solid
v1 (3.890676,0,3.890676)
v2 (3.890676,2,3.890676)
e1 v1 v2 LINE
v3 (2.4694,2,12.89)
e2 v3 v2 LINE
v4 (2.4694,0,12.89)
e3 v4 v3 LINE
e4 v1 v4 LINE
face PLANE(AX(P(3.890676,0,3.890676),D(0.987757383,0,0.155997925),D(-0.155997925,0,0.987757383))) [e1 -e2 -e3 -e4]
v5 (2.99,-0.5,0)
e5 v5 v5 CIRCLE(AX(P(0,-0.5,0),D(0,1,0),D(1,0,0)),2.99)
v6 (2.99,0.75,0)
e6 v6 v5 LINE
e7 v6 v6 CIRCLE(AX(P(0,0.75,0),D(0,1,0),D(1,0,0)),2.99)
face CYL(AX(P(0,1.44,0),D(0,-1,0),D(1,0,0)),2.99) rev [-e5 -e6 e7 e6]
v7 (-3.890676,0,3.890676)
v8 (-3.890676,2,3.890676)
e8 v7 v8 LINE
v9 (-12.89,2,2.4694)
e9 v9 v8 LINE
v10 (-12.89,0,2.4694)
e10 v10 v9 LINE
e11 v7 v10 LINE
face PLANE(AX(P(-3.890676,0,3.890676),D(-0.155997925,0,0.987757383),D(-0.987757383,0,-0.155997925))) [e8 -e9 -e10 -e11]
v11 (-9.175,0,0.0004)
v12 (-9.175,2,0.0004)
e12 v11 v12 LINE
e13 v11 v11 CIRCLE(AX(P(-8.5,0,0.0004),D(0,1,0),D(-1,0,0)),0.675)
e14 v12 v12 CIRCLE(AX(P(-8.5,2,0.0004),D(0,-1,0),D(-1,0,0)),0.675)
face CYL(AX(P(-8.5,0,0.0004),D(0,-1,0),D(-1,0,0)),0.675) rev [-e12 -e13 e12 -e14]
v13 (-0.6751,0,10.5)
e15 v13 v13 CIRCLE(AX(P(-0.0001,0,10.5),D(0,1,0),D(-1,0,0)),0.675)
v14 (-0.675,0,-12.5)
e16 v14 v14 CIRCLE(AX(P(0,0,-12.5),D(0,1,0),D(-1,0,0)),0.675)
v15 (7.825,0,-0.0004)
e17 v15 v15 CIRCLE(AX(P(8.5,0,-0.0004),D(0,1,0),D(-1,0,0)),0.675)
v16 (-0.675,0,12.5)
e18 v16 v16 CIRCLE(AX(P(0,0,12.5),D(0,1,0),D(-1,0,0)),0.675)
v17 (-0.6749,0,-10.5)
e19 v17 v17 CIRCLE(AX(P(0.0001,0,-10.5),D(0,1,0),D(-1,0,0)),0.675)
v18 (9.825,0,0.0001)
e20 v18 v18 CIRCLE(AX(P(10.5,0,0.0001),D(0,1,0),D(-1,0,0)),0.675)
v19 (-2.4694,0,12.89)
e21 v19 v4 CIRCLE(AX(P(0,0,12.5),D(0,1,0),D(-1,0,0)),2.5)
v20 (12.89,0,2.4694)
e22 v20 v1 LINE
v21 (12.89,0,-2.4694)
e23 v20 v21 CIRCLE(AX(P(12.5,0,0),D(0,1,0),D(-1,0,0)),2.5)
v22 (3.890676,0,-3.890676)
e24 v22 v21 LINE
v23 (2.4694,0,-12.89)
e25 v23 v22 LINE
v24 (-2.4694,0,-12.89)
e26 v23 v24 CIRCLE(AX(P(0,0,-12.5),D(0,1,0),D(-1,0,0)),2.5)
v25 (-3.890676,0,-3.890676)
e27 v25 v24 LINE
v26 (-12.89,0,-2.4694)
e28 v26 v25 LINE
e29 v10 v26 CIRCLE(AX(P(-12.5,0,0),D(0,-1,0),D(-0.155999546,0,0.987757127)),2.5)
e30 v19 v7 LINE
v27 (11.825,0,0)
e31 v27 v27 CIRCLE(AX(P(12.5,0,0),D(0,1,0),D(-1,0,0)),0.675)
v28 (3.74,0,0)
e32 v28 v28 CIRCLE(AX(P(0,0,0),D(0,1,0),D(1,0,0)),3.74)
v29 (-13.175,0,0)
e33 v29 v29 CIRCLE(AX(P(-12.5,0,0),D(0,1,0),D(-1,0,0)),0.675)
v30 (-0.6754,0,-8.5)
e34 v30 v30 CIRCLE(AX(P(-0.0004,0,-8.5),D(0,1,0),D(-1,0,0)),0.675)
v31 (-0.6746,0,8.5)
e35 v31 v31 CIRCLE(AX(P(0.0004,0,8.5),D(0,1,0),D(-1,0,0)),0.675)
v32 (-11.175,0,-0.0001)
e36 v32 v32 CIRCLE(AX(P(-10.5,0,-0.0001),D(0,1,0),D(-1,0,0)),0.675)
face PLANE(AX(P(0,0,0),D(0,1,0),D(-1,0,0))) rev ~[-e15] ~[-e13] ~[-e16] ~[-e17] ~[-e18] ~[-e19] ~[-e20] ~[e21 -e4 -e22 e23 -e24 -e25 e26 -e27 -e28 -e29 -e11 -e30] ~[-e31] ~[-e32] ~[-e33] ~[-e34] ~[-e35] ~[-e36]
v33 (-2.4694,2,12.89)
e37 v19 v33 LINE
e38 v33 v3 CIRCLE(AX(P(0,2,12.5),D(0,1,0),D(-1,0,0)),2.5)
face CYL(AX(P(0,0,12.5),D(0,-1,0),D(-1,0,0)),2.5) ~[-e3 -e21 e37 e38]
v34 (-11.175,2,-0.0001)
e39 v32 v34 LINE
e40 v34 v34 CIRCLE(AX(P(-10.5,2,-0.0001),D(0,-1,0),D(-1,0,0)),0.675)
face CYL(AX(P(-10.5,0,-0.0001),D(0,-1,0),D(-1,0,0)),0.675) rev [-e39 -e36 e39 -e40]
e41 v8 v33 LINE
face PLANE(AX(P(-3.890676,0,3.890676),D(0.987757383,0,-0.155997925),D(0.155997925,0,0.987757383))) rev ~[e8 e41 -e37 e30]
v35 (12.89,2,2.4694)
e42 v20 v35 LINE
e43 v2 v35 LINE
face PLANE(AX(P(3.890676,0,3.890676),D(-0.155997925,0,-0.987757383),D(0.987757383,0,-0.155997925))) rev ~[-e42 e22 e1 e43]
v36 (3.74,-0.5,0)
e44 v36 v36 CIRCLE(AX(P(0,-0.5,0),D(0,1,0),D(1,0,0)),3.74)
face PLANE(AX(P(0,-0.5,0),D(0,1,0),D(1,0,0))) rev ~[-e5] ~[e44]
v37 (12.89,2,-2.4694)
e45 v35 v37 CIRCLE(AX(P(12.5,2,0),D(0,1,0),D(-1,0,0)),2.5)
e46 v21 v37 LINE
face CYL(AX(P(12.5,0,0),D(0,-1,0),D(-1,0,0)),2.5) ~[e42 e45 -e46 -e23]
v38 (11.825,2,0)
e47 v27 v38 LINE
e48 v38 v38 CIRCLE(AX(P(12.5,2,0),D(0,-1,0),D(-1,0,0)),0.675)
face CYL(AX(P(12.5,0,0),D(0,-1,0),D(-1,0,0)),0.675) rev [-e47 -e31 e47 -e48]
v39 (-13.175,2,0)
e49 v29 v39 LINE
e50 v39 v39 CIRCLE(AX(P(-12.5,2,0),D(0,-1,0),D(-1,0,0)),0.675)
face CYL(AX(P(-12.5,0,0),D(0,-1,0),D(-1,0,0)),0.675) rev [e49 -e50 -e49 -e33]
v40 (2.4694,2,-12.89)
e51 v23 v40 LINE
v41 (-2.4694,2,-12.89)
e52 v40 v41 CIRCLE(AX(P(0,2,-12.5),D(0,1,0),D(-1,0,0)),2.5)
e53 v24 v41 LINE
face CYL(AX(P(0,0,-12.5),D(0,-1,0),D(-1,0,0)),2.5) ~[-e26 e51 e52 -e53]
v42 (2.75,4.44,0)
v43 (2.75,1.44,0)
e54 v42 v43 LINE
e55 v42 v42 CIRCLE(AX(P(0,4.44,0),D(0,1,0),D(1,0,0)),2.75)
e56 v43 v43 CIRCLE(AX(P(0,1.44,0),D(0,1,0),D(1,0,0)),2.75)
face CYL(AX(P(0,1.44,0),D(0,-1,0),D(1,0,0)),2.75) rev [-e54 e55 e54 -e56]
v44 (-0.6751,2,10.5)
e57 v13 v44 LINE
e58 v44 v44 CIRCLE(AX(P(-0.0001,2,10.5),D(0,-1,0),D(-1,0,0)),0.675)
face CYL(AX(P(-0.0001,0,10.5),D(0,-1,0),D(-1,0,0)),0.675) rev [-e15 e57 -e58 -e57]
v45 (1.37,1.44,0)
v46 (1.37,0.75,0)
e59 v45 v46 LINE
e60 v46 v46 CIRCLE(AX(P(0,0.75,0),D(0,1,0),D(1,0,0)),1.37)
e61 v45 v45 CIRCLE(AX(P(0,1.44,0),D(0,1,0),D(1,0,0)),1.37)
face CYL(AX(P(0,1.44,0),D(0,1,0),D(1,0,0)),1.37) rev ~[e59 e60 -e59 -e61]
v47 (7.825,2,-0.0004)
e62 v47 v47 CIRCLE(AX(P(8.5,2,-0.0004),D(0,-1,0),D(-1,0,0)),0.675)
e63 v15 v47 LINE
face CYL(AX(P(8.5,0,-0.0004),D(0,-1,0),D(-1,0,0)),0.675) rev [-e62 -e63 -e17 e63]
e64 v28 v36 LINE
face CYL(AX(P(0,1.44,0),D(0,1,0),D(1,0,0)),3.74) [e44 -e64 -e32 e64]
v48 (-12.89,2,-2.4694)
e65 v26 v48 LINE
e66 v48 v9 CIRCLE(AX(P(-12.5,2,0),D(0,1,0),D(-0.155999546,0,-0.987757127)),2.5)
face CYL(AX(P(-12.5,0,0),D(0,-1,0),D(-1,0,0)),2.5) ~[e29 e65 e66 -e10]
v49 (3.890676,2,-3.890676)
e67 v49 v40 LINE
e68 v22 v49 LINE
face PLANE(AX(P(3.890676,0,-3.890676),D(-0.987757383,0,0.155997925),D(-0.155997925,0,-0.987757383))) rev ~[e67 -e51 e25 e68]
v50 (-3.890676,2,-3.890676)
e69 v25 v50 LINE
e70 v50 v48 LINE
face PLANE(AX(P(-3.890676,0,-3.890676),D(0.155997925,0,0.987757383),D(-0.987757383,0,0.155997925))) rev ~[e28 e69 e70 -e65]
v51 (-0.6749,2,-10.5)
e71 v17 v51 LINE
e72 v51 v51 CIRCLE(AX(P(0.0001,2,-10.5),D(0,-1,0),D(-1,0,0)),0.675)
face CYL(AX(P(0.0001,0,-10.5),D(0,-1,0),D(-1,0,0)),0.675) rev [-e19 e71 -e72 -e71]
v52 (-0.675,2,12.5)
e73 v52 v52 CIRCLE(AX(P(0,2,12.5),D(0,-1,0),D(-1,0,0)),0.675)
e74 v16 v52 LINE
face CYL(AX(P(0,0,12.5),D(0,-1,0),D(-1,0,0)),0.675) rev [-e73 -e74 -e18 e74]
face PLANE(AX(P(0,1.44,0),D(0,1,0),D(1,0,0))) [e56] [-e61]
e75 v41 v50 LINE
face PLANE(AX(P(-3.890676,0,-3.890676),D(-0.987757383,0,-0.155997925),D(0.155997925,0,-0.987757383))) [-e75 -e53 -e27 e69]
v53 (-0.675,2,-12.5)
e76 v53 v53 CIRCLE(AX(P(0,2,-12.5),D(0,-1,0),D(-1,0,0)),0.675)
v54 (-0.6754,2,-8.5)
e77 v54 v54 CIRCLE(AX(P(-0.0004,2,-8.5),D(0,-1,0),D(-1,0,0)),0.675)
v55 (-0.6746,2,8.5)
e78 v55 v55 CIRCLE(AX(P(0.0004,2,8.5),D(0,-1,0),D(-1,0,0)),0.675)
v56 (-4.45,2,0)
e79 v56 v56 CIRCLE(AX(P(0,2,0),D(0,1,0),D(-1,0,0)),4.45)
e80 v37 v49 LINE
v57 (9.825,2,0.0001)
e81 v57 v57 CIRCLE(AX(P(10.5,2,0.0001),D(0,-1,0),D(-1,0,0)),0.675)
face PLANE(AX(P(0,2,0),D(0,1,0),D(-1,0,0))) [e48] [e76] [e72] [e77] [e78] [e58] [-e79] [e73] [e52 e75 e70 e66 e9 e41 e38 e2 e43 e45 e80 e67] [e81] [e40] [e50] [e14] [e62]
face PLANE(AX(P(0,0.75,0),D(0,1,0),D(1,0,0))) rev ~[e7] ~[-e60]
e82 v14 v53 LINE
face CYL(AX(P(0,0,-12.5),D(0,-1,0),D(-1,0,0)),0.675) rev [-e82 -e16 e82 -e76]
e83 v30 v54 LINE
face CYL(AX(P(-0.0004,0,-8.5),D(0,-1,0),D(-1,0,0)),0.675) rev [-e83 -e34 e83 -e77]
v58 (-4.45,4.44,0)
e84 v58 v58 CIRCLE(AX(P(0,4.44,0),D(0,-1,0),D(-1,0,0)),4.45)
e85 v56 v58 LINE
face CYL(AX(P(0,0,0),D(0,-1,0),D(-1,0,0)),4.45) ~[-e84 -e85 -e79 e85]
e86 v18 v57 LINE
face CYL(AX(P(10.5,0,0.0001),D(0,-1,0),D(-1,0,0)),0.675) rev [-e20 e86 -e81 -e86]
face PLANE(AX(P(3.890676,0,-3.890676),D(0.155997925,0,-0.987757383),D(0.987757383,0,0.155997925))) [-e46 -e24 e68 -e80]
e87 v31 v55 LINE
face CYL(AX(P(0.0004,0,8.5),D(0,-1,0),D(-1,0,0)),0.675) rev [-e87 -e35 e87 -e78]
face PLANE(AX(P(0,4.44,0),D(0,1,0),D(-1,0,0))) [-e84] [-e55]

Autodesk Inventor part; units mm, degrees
ref_plane "YZ Plane" through (0, 0, 0) normal (1, 0, 0) x (0, 1, 0)
ref_plane "XZ Plane" through (0, 0, 0) normal (0, 1, 0) x (-1, 0, 0)
ref_plane "XY Plane" through (0, 0, 0) normal (0, 0, 1) x (1, 0, 0)
sketch "Sketch1" plane through (0, 0, 0) normal (0, 1, 0) x (-1, 0, 0)
  circle A0 centre (0, 0) radius 3.74
  circle A1 centre (0, 0) radius 4.45
  circle A2 centre (0, 0) radius 8.5
  circle A3 centre (0, 0) radius 10.5
  circle A4 centre (0, 0) radius 12.5
  circle A5 centre (12.5, 0) radius 2.5
  line L0 (0.6942, 4.3955) -> (12.89, 2.4694)
  line L1 (0.6942, -4.3955) -> (12.89, -2.4694)
  circle A6 centre (12.5, 0) radius 0.675
  circle A7 centre (10.5, -0.0001) radius 0.675
  circle A8 centre (8.5, 0.0004) radius 0.675
  line L2 (-4.3955, 0.6942) -> (-2.4694, 12.89)
  circle A9 centre (0, 12.5) radius 2.5
  circle A10 centre (0, 12.5) radius 0.675
  circle A11 centre (0.0001, 10.5) radius 0.675
  circle A12 centre (-0.0004, 8.5) radius 0.675
  line L3 (4.3955, 0.6942) -> (2.4694, 12.89)
  line L4 (-0.6942, -4.3955) -> (-12.89, -2.4694)
  circle A13 centre (-12.5, 0) radius 2.5
  circle A14 centre (-12.5, 0) radius 0.675
  circle A15 centre (-10.5, 0.0001) radius 0.675
  circle A16 centre (-8.5, -0.0004) radius 0.675
  line L5 (-0.6942, 4.3955) -> (-12.89, 2.4694)
  line L6 (4.3955, -0.6942) -> (2.4694, -12.89)
  circle A17 centre (0, -12.5) radius 2.5
  circle A18 centre (0, -12.5) radius 0.675
  circle A19 centre (-0.0001, -10.5) radius 0.675
  circle A20 centre (0.0004, -8.5) radius 0.675
  line L7 (-4.3955, -0.6942) -> (-2.4694, -12.89)
  point P0 (3.8907, 3.8907)
  point P1 (-3.8907, 3.8907)
  point P2 (-3.8907, -3.8907)
  point P3 (3.8907, -3.8907)
  dimension "d5" = 17
  dimension "d6" = 21
  dimension "d7" = 25
  dimension "d3" = 7.48
  dimension "d4" = 8.9
  dimension "d8" = 5
  dimension "d11" = 1.35
  dimension "d12" = 1.35
  dimension "d13" = 1.35
  dimension "d16" = 360
extrude "Extrusion1" add sketch "Sketch1" along normal blind 2 contours A1 L3 L0 A2 A8 L1 L6 | A1 L0 L3 | L6 L1 A1 | A1 L5 L2 A2 A12 L3 L0 | L1 L6 A2 A20 L7 L4 A1 | A1 L2 L5 | L0 A3 A5 A7 L1 A2 A8 | A2 A12 L2 A3 A9 A11 L3 | L4 L7 A1 | L6 A3 A17 A19 L7 A2 A20 | A1 L7 L4 A2 A16 L5 L2 | L0 A4 A5 A3 | A3 A9 A4 L3 | A3 A5 A4 L1 | L6 A4 A17 A3 | A2 A16 L4 A3 A13 A15 L5 | A5 A4 A6 A3 A7 | A3 A7 A5 | L0 A5 A4 | A9 A11 A3 | A3 A11 A9 A4 A10 | A4 A9 L3 | A5 A7 A3 | A4 A5 L1 | A17 A4 A18 A3 A19 | A3 A19 A17 | L6 A17 A4 | L2 A4 A9 A3 | A3 A13 A4 L5 | A5 A4 A6 | A4 A10 A9 | L4 A4 A13 A3 | A3 A17 A4 L7 | A17 A4 A18 | A3 A11 A9 | L2 A9 A4 | A13 A15 A3 | A3 A15 A13 A4 A14 | A4 A13 L5 | A3 A15 A13 | L4 A13 A4 | A17 A19 A3 | A4 A17 L7 | A4 A14 A13 picked at (10.283, 0.9379) picked at (0.938, 10.2831) picked at (10.2831, -0.938) picked at (0.9379, -10.283) picked at (-0.9379, 10.283) picked at (-10.2831, 0.938) picked at (-10.283, -0.9379) picked at (-0.938, -10.2831)
extrude "Extrusion2" add sketch "Sketch1" along normal blind 4.44 contours A1
ref_plane "Work Plane2" through (0, 1.44, 0) normal (0, 1, 0) x (1, 0, 0)
sketch "Sketch3" plane through (0, 1.44, 0) normal (0, 1, 0) x (1, 0, 0)
  circle A0 centre (0, 0) radius 1.37
  circle A1 centre (0, 0) radius 2.75
  circle A2 centre (0, 0) radius 2.99
  circle A3 centre (0, 0) radius 3.74
  dimension "d32" = 2.74
  dimension "d33" = 5.5
  dimension "d34" = 5.98
  dimension "d35" = 7.48
extrude "Extrusion6" add sketch "Sketch3" along normal blind 3 and the other way blind 1.94 contours A3
extrude "Extrusion7" add sketch "Sketch3" along normal blind 3 and the other way blind 0.69 contours A2
extrude "Extrusion8" add sketch "Sketch3" against normal blind 0.69 contours A1
properties part number "Standard Servo Horn - White Cross"
